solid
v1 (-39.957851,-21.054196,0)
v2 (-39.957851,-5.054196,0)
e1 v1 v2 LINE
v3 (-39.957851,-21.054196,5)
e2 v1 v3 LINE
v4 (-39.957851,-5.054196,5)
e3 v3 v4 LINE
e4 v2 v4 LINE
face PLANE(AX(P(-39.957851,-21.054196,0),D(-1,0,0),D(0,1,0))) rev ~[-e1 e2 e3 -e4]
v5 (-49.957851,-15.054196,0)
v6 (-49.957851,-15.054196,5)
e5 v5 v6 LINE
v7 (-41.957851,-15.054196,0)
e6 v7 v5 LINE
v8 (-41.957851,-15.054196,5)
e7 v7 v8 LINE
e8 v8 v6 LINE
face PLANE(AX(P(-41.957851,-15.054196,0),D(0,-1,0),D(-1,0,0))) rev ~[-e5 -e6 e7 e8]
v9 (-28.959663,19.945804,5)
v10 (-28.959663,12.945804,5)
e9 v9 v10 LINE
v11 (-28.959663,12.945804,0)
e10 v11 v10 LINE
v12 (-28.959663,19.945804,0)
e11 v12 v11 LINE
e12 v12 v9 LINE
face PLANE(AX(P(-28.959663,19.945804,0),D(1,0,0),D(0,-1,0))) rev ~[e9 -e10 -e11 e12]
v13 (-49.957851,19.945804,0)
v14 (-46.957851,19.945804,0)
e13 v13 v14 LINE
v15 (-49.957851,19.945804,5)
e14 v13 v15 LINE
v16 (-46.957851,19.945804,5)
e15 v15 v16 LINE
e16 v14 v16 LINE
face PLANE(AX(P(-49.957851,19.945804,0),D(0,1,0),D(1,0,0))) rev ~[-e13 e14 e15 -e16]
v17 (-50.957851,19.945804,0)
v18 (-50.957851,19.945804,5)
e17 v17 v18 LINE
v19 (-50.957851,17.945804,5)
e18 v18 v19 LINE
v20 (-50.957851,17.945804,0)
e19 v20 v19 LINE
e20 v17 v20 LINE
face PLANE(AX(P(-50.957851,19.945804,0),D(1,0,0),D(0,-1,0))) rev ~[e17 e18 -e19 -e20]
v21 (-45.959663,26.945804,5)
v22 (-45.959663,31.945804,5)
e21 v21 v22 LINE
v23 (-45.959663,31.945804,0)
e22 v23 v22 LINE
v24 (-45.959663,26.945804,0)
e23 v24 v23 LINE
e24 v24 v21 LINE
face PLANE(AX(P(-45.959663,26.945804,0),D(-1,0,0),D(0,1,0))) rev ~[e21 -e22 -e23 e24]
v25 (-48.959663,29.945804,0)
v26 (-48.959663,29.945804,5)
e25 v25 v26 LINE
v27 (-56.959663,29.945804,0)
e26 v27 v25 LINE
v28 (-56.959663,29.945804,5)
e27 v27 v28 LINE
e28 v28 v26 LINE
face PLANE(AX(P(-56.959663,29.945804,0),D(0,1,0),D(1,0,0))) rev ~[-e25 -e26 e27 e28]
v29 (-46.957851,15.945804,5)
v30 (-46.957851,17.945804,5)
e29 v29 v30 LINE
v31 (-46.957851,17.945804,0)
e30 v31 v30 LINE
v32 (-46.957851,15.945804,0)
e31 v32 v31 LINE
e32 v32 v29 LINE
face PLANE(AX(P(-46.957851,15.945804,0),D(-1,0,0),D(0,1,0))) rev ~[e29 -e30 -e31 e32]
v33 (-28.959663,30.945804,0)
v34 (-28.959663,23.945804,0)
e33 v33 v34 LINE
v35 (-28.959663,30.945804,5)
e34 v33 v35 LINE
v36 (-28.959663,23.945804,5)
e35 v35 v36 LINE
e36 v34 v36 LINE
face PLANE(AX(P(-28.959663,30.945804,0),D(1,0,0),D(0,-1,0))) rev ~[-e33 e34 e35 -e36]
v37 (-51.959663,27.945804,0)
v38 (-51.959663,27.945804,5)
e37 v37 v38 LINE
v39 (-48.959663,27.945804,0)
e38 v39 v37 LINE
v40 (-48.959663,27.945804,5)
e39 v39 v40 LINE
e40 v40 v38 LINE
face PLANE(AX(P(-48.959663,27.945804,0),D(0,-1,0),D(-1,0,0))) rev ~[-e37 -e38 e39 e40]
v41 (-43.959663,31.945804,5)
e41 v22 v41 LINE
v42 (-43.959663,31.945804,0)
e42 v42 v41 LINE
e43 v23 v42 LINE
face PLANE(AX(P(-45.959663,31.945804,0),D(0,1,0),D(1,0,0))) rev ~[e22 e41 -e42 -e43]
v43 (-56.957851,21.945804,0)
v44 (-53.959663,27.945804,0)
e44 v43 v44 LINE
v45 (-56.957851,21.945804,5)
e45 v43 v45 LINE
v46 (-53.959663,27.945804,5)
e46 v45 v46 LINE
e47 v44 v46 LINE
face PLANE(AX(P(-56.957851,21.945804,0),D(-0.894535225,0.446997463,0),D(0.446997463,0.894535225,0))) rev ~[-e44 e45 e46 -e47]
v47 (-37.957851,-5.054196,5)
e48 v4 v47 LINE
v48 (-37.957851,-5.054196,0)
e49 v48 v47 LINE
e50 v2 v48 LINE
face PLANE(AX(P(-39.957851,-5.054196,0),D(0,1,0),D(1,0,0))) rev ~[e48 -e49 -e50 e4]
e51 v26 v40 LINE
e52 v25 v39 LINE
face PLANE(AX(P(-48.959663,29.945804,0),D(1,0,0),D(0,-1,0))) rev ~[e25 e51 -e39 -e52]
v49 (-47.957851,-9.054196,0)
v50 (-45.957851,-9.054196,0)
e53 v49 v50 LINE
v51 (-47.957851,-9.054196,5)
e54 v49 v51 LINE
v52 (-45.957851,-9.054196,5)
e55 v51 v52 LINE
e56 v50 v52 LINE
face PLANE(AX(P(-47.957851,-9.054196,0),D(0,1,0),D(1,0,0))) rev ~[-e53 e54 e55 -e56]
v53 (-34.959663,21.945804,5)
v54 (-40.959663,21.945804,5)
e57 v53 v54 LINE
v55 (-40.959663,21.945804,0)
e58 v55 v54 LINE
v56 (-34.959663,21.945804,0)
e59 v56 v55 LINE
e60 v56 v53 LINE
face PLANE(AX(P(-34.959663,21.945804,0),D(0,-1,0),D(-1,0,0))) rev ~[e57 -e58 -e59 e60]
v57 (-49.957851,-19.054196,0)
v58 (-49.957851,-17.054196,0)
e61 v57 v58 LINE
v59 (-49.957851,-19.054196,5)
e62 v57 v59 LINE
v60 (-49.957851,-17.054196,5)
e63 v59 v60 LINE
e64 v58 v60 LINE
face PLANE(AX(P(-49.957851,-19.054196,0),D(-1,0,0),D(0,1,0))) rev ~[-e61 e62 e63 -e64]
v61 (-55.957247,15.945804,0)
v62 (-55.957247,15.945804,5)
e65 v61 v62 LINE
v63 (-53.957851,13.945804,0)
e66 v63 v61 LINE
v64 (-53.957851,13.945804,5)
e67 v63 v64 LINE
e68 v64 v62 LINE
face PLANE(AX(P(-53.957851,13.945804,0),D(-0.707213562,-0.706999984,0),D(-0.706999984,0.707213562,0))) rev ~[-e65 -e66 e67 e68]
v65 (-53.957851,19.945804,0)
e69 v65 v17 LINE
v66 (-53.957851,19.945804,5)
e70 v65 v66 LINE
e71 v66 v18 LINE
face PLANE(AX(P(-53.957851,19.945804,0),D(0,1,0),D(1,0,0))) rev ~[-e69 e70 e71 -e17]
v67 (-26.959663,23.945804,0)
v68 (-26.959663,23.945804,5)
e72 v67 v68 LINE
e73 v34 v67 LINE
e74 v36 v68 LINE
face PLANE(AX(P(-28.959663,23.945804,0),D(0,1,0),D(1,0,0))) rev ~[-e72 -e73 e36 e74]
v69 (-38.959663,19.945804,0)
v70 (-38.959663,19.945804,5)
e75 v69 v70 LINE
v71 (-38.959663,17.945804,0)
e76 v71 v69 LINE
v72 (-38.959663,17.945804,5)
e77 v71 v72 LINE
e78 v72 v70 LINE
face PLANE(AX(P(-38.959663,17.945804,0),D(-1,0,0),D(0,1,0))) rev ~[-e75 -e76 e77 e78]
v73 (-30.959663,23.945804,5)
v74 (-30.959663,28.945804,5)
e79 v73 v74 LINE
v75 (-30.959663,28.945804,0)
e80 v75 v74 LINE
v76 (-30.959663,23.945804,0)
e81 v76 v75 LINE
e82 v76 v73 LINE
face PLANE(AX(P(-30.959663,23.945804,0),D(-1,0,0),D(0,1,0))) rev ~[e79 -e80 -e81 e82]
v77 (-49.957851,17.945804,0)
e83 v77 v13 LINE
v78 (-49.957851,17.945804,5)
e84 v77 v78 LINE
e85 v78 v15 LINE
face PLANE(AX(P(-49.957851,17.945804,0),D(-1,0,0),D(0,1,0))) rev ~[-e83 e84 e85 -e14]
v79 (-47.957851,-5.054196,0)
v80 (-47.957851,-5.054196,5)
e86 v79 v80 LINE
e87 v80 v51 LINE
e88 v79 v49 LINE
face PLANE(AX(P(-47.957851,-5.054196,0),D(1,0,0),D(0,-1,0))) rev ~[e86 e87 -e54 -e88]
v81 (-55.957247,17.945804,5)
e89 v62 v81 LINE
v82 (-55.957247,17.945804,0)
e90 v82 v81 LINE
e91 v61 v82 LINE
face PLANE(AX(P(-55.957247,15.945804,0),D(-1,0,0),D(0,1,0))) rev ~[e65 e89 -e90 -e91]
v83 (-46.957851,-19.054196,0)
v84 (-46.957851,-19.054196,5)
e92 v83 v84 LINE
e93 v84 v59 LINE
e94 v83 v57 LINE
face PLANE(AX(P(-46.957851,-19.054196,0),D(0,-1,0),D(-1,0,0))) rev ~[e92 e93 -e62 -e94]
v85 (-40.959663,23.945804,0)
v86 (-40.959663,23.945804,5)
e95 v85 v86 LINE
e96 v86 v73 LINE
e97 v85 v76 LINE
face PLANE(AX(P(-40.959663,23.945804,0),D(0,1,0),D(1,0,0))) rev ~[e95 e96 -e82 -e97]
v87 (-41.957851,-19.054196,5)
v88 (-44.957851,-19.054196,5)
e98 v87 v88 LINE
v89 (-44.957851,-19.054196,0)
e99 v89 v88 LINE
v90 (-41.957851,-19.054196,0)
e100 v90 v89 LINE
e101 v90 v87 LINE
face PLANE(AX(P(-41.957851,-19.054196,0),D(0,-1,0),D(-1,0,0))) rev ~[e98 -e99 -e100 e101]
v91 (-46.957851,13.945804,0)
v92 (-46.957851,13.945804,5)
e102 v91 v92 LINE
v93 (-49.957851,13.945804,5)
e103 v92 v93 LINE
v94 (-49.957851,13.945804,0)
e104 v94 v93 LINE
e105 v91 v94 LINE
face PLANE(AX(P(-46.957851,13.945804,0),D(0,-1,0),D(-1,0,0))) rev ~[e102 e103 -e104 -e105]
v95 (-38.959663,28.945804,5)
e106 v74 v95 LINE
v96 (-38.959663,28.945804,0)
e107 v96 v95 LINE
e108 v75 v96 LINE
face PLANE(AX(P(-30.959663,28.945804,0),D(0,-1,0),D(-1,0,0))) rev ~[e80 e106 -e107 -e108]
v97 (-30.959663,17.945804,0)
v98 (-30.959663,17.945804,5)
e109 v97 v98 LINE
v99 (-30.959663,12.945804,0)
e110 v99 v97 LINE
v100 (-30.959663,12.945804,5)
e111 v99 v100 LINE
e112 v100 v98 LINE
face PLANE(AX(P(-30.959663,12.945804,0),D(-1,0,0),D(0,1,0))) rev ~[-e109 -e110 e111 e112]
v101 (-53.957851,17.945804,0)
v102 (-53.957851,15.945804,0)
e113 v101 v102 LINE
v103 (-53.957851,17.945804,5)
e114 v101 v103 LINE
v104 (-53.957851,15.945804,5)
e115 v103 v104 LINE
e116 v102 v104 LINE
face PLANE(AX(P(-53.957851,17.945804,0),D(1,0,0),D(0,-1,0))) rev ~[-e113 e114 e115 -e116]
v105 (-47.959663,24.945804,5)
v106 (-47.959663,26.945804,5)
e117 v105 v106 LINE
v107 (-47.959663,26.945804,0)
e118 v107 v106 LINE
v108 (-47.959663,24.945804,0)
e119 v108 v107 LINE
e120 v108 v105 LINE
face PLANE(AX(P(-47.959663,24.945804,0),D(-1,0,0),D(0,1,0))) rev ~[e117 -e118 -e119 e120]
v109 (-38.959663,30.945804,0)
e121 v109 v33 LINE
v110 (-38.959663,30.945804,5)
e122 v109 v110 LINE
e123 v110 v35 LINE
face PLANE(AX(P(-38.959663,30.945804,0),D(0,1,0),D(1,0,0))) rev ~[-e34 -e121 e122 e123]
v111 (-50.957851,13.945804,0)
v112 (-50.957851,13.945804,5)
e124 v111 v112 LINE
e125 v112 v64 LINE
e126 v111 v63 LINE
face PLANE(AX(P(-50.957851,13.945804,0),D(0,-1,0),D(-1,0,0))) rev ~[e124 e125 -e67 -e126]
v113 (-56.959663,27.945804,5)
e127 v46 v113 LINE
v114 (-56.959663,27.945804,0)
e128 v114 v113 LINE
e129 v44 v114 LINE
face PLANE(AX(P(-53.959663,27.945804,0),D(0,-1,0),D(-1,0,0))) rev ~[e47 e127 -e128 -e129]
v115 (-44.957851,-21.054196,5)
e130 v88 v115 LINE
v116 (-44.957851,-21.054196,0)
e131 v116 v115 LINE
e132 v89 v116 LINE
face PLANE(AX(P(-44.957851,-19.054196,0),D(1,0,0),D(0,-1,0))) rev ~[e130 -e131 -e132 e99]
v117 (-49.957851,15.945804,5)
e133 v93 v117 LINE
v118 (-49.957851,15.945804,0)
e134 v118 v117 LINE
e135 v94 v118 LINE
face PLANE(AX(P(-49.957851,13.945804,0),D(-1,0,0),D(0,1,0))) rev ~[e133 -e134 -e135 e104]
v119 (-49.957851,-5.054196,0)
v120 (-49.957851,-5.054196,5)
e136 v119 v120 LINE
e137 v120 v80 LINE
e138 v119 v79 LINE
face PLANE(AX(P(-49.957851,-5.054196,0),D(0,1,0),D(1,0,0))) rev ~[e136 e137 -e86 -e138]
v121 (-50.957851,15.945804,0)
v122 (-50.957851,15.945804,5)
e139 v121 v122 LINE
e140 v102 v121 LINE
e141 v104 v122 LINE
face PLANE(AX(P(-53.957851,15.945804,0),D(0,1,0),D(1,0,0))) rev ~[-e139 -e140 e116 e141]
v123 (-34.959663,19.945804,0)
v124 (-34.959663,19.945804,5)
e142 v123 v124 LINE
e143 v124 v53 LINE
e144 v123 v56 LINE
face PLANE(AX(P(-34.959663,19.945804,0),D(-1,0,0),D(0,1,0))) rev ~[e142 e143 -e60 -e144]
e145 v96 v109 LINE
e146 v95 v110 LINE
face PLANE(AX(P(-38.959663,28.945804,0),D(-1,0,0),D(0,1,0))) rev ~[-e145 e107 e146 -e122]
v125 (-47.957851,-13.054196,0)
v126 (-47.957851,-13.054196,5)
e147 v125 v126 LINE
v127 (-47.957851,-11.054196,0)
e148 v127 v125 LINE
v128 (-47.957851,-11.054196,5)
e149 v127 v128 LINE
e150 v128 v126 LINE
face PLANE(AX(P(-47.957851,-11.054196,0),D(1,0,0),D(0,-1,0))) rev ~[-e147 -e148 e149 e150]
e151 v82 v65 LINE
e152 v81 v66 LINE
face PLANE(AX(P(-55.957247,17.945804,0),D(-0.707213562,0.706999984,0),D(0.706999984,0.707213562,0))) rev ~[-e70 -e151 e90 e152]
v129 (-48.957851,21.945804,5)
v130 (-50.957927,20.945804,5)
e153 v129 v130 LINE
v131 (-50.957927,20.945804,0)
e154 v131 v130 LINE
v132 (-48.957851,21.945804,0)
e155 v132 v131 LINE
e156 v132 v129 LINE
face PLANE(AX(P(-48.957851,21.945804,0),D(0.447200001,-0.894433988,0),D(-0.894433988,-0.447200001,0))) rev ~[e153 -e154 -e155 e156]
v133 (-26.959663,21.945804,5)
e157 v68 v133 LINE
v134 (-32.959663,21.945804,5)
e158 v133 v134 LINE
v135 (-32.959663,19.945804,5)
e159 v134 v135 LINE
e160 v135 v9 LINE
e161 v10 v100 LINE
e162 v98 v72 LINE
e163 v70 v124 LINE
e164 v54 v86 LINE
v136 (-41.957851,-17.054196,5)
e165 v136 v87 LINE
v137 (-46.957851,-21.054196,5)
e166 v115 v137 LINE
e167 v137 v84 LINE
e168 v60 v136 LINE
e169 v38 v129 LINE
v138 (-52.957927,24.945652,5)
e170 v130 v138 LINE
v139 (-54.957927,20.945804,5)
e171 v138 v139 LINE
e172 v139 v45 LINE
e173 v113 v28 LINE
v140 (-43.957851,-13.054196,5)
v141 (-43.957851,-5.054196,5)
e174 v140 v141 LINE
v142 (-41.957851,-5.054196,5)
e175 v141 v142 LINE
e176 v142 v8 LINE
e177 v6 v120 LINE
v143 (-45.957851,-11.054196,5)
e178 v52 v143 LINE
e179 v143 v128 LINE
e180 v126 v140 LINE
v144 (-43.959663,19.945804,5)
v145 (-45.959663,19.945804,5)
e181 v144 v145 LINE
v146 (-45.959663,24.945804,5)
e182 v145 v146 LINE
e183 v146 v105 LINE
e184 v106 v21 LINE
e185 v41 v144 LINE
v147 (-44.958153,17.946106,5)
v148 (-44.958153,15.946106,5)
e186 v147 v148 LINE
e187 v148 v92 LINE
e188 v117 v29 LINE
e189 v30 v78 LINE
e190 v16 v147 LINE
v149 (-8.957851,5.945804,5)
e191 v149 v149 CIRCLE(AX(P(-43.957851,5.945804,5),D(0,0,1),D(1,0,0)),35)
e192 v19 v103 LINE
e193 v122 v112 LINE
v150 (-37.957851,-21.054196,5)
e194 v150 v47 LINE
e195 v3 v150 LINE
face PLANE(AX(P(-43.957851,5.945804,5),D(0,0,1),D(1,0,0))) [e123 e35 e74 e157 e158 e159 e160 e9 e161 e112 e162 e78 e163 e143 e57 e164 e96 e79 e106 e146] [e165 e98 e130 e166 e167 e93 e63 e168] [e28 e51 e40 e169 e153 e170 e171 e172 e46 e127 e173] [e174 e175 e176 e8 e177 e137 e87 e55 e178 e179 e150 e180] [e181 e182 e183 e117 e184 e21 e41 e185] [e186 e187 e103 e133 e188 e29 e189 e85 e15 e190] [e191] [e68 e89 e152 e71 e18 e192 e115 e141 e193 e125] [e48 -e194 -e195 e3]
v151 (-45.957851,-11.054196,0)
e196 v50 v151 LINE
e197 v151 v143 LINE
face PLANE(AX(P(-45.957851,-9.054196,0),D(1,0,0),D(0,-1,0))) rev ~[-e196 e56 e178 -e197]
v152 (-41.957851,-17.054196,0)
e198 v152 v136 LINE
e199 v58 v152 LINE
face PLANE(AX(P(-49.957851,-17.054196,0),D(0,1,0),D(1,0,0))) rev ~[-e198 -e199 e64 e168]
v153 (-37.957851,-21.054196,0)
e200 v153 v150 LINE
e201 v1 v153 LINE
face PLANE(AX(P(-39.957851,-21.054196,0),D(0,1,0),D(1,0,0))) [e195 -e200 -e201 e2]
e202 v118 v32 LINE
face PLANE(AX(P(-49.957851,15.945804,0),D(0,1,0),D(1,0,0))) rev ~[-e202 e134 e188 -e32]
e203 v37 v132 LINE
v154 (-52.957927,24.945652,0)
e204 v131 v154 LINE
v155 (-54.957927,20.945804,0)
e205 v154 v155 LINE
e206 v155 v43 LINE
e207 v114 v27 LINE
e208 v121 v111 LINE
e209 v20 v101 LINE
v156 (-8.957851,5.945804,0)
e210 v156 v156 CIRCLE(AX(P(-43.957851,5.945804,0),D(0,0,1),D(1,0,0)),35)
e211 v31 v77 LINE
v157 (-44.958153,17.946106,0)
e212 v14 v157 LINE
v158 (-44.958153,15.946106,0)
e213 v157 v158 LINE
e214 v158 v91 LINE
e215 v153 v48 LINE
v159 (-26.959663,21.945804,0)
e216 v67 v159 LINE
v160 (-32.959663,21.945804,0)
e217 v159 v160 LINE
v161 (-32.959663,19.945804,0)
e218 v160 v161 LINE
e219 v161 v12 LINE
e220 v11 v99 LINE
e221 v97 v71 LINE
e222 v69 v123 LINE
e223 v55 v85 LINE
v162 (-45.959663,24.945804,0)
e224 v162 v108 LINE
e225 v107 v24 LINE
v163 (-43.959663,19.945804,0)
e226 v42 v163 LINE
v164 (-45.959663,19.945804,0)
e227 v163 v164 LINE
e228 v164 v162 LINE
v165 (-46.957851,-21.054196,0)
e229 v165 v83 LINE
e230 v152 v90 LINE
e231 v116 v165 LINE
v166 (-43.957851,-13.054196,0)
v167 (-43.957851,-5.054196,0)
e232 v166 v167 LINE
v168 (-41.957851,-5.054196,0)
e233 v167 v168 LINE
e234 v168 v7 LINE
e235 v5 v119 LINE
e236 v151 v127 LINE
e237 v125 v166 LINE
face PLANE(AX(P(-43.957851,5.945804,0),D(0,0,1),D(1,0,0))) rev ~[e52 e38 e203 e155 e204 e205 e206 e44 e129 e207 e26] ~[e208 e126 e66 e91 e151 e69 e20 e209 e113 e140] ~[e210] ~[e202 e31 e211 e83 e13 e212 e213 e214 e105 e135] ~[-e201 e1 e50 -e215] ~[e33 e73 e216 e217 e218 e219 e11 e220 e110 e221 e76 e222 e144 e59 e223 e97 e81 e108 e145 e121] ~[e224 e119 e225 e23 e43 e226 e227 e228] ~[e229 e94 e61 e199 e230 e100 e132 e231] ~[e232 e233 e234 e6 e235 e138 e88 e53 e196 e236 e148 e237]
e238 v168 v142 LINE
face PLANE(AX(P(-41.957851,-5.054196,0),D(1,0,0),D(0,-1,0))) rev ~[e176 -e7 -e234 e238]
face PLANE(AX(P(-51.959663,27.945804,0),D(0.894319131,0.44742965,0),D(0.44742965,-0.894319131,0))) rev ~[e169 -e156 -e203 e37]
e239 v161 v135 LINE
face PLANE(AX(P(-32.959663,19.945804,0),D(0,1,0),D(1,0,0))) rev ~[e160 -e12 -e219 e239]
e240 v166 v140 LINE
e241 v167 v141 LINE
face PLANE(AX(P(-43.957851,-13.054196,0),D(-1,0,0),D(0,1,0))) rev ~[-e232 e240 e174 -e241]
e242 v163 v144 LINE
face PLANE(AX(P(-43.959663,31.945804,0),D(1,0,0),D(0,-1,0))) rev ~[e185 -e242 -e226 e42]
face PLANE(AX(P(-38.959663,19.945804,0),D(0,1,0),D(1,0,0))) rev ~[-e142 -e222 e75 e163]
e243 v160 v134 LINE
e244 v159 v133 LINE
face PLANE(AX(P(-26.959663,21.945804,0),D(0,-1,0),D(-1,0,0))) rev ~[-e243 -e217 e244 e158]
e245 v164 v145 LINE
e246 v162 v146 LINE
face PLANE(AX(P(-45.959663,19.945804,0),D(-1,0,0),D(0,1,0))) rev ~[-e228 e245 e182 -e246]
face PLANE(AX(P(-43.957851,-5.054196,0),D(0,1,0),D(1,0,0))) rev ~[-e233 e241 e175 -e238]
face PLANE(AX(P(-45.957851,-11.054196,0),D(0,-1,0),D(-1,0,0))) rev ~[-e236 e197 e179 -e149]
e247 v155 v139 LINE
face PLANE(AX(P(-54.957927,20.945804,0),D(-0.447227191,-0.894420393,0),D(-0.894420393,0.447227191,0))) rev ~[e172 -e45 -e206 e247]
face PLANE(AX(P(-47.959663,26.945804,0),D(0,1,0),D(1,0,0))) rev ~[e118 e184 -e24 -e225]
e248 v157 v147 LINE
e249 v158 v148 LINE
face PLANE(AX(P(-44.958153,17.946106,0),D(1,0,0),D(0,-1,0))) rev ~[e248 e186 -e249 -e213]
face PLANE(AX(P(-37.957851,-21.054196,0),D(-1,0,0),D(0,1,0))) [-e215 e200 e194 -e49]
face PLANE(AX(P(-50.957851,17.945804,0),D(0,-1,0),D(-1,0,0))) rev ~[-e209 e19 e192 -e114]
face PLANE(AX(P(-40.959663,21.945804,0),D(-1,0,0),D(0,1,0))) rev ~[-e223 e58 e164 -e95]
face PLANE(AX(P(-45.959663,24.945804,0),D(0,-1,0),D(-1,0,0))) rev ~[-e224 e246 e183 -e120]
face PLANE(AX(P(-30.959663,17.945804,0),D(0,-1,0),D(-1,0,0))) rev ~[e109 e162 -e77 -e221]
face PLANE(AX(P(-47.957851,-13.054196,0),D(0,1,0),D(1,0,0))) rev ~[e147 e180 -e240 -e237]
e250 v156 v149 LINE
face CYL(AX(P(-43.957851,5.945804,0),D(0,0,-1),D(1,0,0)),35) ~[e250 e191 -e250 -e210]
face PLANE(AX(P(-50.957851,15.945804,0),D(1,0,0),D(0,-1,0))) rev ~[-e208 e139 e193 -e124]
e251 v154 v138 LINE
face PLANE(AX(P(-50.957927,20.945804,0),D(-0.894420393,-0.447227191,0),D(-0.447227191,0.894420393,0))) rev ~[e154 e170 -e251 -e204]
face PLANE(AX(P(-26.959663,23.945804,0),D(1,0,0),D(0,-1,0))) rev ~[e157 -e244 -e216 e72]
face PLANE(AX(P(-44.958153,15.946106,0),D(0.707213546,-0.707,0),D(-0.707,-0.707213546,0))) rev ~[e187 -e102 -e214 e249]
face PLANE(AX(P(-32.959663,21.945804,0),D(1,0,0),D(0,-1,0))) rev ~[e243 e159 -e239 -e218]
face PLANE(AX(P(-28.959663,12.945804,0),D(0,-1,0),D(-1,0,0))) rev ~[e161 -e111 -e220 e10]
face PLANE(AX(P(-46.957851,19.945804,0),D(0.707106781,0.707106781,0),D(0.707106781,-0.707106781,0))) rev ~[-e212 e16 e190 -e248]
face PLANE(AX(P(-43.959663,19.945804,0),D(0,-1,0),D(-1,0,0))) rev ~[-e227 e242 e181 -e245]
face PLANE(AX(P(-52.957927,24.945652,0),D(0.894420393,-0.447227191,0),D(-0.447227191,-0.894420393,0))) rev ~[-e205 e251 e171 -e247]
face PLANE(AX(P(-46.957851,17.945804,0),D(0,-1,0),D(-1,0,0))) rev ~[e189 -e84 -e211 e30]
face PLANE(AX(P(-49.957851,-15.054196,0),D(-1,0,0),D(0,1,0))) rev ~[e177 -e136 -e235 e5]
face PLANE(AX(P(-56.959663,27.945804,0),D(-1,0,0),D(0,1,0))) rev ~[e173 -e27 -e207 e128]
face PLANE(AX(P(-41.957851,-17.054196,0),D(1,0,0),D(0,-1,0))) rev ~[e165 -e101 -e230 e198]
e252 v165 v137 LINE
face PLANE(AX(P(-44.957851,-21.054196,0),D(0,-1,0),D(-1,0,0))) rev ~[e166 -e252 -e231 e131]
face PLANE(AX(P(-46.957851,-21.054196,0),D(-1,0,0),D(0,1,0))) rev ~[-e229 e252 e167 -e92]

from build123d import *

# Parameters (mm, degrees)
F0_R     = 35
F0_W     = 2
F0_H     = 16
F1_DEPTH = 5


with BuildPart() as f1:
    # F0 (on Top) → F1 (new body)
    with BuildSketch(Plane.XY):
        with Locations((-43.957851, 5.945804)):
            Circle(F0_R)
        Polygon((-49.957851, -19.054196), (-49.957851, -17.054196), (-41.957851, -17.054196), (-41.957851, -19.054196), (-44.957851, -19.054196), (-44.957851, -21.054196), (-46.957851, -21.054196), (-46.957851, -19.054196), align=None, mode=Mode.SUBTRACT)
        Polygon((-49.957851, -15.054196), (-49.957851, -5.054196), (-47.957851, -5.054196), (-47.957851, -9.054196), (-45.957851, -9.054196), (-45.957851, -11.054196), (-47.957851, -11.054196), (-47.957851, -13.054196), (-43.957851, -13.054196), (-43.957851, -5.054196), (-41.957851, -5.054196), (-41.957851, -15.054196), align=None, mode=Mode.SUBTRACT)
        with Locations((-38.957851, -13.054196)):
            Rectangle(F0_W, F0_H, mode=Mode.SUBTRACT)
        Polygon((-55.957247, 15.945804), (-55.957247, 17.945804), (-53.957851, 19.945804), (-50.957851, 19.945804), (-50.957851, 17.945804), (-53.957851, 17.945804), (-53.957851, 15.945804), (-50.957851, 15.945804), (-50.957851, 13.945804), (-53.957851, 13.945804), align=None, mode=Mode.SUBTRACT)
        Polygon((-49.957851, 17.945804), (-49.957851, 19.945804), (-46.957851, 19.945804), (-44.958153, 17.946106), (-44.958153, 15.946106), (-46.957851, 13.945804), (-49.957851, 13.945804), (-49.957851, 15.945804), (-46.957851, 15.945804), (-46.957851, 17.945804), align=None, mode=Mode.SUBTRACT)
        Polygon((-56.959663, 27.945804), (-56.959663, 29.945804), (-48.959663, 29.945804), (-48.959663, 27.945804), (-51.959663, 27.945804), (-48.957851, 21.945804), (-50.957927, 20.945804), (-52.957927, 24.945652), (-54.957927, 20.945804), (-56.957851, 21.945804), (-53.959663, 27.945804), align=None, mode=Mode.SUBTRACT)
        Polygon((-43.959663, 19.945804), (-45.959663, 19.945804), (-45.959663, 24.945804), (-47.959663, 24.945804), (-47.959663, 26.945804), (-45.959663, 26.945804), (-45.959663, 31.945804), (-43.959663, 31.945804), align=None, mode=Mode.SUBTRACT)
        Polygon((-38.959663, 28.945804), (-38.959663, 30.945804), (-28.959663, 30.945804), (-28.959663, 28.945804), (-28.959663, 23.945804), (-26.959663, 23.945804), (-26.959663, 21.945804), (-32.959663, 21.945804), (-32.959663, 19.945804), (-28.959663, 19.945804), (-28.959663, 12.945804), (-30.959663, 12.945804), (-30.959663, 17.945804), (-38.959663, 17.945804), (-38.959663, 19.945804), (-34.959663, 19.945804), (-34.959663, 21.945804), (-40.959663, 21.945804), (-40.959663, 23.945804), (-30.959663, 23.945804), (-30.959663, 28.945804), align=None, mode=Mode.SUBTRACT)
    extrude(amount=F1_DEPTH)


solid = f1.part
